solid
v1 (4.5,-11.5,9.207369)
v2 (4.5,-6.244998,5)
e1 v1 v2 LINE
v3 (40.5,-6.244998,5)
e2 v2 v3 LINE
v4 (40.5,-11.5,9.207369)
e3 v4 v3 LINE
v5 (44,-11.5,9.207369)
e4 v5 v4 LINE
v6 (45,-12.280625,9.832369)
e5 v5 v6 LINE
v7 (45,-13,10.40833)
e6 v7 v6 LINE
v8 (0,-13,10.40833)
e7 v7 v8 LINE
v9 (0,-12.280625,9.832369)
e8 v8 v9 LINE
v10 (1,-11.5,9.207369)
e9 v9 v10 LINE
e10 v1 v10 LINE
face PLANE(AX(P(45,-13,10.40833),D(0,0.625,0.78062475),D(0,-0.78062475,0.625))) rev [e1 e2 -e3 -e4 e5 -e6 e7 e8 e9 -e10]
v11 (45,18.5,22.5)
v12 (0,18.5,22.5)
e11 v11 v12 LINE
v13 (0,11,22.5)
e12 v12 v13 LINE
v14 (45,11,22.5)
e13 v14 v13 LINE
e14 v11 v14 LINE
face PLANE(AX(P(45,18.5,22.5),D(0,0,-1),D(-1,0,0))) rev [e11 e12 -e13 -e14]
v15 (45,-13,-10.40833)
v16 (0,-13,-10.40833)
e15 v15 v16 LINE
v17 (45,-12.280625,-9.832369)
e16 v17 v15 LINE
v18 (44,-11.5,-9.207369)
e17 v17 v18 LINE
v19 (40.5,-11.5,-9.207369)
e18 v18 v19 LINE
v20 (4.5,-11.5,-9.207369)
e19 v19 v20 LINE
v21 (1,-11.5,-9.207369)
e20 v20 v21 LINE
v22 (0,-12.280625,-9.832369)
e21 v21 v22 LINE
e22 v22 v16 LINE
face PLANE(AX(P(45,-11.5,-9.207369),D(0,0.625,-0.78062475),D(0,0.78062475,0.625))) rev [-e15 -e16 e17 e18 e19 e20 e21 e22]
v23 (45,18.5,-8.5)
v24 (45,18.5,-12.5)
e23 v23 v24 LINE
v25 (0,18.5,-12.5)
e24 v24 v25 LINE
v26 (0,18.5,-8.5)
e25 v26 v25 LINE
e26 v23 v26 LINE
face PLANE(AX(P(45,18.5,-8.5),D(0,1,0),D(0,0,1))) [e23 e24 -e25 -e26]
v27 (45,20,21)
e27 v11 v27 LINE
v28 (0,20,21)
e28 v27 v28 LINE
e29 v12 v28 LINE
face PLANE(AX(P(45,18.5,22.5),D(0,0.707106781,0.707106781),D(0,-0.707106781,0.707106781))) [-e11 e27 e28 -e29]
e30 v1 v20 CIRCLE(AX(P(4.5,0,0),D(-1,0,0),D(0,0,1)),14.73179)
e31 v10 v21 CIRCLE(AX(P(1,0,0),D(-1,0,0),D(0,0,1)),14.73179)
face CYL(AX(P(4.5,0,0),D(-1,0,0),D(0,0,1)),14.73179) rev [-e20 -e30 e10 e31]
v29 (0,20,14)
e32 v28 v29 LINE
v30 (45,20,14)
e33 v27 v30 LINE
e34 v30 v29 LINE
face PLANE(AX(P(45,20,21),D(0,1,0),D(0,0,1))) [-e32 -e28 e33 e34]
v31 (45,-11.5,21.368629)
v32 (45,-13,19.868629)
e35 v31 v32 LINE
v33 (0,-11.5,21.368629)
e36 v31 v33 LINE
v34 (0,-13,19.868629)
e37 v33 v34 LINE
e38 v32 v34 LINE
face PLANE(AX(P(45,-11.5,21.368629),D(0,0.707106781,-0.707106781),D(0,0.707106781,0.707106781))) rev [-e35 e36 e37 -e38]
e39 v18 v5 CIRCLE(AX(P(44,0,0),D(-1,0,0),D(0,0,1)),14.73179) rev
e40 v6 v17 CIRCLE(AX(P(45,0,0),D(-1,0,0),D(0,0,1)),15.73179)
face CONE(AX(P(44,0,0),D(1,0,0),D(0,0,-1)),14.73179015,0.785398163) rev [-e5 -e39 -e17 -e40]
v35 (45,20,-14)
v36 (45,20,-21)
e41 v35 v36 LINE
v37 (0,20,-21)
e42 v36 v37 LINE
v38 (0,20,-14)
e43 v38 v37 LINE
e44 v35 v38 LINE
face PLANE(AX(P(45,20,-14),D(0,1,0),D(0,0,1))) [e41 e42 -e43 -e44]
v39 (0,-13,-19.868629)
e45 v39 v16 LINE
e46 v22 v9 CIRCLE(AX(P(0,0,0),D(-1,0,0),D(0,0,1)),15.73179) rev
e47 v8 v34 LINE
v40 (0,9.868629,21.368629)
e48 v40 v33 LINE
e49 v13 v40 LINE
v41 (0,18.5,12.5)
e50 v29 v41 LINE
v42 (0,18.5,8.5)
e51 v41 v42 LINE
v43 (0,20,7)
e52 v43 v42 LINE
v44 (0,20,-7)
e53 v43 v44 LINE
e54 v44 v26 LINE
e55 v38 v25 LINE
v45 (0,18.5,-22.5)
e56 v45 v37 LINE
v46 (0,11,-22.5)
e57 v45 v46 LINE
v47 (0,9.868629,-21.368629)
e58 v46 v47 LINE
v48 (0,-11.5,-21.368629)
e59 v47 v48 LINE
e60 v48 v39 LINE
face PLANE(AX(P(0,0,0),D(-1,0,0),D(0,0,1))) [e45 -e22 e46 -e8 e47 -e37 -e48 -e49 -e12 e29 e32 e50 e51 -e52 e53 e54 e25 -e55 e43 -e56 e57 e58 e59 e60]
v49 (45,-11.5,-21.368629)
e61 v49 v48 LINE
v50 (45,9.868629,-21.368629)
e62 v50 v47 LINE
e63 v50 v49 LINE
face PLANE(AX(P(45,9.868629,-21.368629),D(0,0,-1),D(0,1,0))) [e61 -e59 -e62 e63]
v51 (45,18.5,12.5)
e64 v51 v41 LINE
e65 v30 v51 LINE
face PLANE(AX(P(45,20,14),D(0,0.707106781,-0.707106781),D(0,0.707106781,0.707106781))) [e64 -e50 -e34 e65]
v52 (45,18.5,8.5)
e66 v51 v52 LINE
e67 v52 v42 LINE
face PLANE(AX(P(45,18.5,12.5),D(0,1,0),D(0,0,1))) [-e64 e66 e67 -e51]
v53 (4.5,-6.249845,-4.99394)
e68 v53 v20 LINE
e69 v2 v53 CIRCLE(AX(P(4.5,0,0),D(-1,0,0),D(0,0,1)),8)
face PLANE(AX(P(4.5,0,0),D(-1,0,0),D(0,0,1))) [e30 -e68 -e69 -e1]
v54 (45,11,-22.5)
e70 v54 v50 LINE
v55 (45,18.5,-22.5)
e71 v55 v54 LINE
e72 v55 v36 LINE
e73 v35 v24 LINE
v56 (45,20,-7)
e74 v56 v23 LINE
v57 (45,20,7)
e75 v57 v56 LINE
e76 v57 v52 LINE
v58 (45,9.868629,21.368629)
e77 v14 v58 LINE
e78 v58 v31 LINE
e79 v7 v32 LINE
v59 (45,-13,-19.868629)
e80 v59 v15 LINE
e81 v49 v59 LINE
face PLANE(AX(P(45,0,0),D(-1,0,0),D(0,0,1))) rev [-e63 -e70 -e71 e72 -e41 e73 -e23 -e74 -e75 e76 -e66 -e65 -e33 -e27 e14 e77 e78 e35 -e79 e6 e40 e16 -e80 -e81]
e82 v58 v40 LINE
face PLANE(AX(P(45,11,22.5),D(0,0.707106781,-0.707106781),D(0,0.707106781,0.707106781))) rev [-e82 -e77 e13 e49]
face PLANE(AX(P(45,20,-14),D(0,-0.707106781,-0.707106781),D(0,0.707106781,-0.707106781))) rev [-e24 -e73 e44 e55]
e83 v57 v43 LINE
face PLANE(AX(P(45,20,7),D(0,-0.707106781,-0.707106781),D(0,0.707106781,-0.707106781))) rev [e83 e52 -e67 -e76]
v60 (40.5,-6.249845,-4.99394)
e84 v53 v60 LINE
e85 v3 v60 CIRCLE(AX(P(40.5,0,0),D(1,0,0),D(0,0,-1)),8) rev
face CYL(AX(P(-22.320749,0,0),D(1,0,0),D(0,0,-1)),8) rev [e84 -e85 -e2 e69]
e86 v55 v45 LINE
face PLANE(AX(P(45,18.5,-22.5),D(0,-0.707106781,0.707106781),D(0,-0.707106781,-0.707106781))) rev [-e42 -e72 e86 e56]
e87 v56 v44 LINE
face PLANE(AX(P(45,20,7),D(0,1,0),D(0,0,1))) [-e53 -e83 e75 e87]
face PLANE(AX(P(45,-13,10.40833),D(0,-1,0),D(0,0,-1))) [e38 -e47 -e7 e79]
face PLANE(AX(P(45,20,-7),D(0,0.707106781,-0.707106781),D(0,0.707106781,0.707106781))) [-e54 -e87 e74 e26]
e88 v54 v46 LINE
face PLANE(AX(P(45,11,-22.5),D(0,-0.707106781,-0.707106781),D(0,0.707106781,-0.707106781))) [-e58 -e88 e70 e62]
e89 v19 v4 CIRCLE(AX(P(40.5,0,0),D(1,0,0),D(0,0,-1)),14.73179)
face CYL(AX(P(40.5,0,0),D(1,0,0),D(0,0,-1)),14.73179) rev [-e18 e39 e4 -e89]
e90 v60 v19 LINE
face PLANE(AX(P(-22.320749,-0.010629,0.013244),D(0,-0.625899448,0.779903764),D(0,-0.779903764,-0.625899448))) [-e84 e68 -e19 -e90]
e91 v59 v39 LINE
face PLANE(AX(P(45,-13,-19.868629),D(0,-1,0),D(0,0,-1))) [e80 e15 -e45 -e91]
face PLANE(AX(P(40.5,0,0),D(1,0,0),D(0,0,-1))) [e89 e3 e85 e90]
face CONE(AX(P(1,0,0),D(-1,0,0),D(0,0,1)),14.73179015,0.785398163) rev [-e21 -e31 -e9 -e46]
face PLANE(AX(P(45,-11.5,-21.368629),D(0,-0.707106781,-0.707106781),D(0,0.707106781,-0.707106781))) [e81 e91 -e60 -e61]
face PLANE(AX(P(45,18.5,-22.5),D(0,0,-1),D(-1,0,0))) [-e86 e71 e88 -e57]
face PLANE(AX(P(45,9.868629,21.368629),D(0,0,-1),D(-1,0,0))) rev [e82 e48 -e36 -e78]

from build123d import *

# Parameters (mm, degrees)
BOSS_EXTRUDE1_DEPTH = 45
CUT_EXTRUDE1_DEPTH  = 4.5
CUT_EXTRUDE2_DEPTH  = 4.5
CHAMFER3_SIZE       = 1
CHAMFER4_SIZE       = 1
CUT_EXTRUDE3_DEPTH  = 36


with BuildPart() as part:
    # Sketch1 → Boss-Extrude1 (new body)
    with BuildSketch(Plane(origin=(0, 0, 0), x_dir=(0, 0, -1), z_dir=(1, 0, 0))):
        Polygon((-22.5, 18.5), (-21, 20), (-14, 20), (-12.5, 18.5), (-8.5, 18.5), (-7, 20), (7, 20), (8.5, 18.5), (12.5, 18.5), (14, 20), (21, 20), (22.5, 18.5), (22.5, 11), (21.36862915, 9.86862915), (21.36862915, -11.5), (19.86862915, -13), (10.408329997, -13), (9.207368844, -11.5), (-9.207368844, -11.5), (-10.408329997, -13), (-19.86862915, -13), (-21.36862915, -11.5), (-21.36862915, 9.86862915), (-22.5, 11), align=None)
    extrude(amount=BOSS_EXTRUDE1_DEPTH)

    # Sketch8 → Cut-Extrude1 (cut)
    with BuildSketch(Plane.ZY):
        with BuildLine():
            Line((-9.207368844, -11.5), (9.207368844, -11.5))
            ThreePointArc((9.207368844, -11.5), (0, 14.73179015), (-9.207368844, -11.5))
        make_face()
    extrude(amount=-CUT_EXTRUDE1_DEPTH, mode=Mode.SUBTRACT)

    # Sketch9 → Cut-Extrude2 (cut)
    with BuildSketch(Plane(origin=(45, 0, 0), x_dir=(0, 0, -1), z_dir=(1, 0, 0))):
        with BuildLine():
            Line((-9.207368844, -11.5), (9.207368844, -11.5))
            ThreePointArc((9.207368844, -11.5), (0, 14.73179015), (-9.207368844, -11.5))
        make_face()
    extrude(amount=-CUT_EXTRUDE2_DEPTH, mode=Mode.SUBTRACT)

    # Chamfer3
    chamfer3_edges = [part.edges().sort_by_distance(p)[0] for p in [
        (45, 14.73179015, 0),
    ]]
    chamfer(chamfer3_edges, length=CHAMFER3_SIZE)

    # Chamfer4
    chamfer4_edges = [part.edges().sort_by_distance(p)[0] for p in [
        (0, 14.73179015, 0),
    ]]
    chamfer(chamfer4_edges, length=CHAMFER4_SIZE)

    # Sketch10 → Cut-Extrude3 (cut)
    with BuildSketch(Plane(origin=(40.5, 0, 0), x_dir=(0, 0, -1), z_dir=(1, 0, 0))):
        with BuildLine():
            ThreePointArc((-5, -6.244997998), (0.003880032, 7.999999059), (4.99393995, -6.2498451))
            Line((4.99393995, -6.2498451), (9.207368844, -11.5))
            Line((9.207368844, -11.5), (-9.207368844, -11.5))
            Line((-9.207368844, -11.5), (-5, -6.244997998))
        make_face()
    extrude(amount=-CUT_EXTRUDE3_DEPTH, mode=Mode.SUBTRACT)


solid = part.part
